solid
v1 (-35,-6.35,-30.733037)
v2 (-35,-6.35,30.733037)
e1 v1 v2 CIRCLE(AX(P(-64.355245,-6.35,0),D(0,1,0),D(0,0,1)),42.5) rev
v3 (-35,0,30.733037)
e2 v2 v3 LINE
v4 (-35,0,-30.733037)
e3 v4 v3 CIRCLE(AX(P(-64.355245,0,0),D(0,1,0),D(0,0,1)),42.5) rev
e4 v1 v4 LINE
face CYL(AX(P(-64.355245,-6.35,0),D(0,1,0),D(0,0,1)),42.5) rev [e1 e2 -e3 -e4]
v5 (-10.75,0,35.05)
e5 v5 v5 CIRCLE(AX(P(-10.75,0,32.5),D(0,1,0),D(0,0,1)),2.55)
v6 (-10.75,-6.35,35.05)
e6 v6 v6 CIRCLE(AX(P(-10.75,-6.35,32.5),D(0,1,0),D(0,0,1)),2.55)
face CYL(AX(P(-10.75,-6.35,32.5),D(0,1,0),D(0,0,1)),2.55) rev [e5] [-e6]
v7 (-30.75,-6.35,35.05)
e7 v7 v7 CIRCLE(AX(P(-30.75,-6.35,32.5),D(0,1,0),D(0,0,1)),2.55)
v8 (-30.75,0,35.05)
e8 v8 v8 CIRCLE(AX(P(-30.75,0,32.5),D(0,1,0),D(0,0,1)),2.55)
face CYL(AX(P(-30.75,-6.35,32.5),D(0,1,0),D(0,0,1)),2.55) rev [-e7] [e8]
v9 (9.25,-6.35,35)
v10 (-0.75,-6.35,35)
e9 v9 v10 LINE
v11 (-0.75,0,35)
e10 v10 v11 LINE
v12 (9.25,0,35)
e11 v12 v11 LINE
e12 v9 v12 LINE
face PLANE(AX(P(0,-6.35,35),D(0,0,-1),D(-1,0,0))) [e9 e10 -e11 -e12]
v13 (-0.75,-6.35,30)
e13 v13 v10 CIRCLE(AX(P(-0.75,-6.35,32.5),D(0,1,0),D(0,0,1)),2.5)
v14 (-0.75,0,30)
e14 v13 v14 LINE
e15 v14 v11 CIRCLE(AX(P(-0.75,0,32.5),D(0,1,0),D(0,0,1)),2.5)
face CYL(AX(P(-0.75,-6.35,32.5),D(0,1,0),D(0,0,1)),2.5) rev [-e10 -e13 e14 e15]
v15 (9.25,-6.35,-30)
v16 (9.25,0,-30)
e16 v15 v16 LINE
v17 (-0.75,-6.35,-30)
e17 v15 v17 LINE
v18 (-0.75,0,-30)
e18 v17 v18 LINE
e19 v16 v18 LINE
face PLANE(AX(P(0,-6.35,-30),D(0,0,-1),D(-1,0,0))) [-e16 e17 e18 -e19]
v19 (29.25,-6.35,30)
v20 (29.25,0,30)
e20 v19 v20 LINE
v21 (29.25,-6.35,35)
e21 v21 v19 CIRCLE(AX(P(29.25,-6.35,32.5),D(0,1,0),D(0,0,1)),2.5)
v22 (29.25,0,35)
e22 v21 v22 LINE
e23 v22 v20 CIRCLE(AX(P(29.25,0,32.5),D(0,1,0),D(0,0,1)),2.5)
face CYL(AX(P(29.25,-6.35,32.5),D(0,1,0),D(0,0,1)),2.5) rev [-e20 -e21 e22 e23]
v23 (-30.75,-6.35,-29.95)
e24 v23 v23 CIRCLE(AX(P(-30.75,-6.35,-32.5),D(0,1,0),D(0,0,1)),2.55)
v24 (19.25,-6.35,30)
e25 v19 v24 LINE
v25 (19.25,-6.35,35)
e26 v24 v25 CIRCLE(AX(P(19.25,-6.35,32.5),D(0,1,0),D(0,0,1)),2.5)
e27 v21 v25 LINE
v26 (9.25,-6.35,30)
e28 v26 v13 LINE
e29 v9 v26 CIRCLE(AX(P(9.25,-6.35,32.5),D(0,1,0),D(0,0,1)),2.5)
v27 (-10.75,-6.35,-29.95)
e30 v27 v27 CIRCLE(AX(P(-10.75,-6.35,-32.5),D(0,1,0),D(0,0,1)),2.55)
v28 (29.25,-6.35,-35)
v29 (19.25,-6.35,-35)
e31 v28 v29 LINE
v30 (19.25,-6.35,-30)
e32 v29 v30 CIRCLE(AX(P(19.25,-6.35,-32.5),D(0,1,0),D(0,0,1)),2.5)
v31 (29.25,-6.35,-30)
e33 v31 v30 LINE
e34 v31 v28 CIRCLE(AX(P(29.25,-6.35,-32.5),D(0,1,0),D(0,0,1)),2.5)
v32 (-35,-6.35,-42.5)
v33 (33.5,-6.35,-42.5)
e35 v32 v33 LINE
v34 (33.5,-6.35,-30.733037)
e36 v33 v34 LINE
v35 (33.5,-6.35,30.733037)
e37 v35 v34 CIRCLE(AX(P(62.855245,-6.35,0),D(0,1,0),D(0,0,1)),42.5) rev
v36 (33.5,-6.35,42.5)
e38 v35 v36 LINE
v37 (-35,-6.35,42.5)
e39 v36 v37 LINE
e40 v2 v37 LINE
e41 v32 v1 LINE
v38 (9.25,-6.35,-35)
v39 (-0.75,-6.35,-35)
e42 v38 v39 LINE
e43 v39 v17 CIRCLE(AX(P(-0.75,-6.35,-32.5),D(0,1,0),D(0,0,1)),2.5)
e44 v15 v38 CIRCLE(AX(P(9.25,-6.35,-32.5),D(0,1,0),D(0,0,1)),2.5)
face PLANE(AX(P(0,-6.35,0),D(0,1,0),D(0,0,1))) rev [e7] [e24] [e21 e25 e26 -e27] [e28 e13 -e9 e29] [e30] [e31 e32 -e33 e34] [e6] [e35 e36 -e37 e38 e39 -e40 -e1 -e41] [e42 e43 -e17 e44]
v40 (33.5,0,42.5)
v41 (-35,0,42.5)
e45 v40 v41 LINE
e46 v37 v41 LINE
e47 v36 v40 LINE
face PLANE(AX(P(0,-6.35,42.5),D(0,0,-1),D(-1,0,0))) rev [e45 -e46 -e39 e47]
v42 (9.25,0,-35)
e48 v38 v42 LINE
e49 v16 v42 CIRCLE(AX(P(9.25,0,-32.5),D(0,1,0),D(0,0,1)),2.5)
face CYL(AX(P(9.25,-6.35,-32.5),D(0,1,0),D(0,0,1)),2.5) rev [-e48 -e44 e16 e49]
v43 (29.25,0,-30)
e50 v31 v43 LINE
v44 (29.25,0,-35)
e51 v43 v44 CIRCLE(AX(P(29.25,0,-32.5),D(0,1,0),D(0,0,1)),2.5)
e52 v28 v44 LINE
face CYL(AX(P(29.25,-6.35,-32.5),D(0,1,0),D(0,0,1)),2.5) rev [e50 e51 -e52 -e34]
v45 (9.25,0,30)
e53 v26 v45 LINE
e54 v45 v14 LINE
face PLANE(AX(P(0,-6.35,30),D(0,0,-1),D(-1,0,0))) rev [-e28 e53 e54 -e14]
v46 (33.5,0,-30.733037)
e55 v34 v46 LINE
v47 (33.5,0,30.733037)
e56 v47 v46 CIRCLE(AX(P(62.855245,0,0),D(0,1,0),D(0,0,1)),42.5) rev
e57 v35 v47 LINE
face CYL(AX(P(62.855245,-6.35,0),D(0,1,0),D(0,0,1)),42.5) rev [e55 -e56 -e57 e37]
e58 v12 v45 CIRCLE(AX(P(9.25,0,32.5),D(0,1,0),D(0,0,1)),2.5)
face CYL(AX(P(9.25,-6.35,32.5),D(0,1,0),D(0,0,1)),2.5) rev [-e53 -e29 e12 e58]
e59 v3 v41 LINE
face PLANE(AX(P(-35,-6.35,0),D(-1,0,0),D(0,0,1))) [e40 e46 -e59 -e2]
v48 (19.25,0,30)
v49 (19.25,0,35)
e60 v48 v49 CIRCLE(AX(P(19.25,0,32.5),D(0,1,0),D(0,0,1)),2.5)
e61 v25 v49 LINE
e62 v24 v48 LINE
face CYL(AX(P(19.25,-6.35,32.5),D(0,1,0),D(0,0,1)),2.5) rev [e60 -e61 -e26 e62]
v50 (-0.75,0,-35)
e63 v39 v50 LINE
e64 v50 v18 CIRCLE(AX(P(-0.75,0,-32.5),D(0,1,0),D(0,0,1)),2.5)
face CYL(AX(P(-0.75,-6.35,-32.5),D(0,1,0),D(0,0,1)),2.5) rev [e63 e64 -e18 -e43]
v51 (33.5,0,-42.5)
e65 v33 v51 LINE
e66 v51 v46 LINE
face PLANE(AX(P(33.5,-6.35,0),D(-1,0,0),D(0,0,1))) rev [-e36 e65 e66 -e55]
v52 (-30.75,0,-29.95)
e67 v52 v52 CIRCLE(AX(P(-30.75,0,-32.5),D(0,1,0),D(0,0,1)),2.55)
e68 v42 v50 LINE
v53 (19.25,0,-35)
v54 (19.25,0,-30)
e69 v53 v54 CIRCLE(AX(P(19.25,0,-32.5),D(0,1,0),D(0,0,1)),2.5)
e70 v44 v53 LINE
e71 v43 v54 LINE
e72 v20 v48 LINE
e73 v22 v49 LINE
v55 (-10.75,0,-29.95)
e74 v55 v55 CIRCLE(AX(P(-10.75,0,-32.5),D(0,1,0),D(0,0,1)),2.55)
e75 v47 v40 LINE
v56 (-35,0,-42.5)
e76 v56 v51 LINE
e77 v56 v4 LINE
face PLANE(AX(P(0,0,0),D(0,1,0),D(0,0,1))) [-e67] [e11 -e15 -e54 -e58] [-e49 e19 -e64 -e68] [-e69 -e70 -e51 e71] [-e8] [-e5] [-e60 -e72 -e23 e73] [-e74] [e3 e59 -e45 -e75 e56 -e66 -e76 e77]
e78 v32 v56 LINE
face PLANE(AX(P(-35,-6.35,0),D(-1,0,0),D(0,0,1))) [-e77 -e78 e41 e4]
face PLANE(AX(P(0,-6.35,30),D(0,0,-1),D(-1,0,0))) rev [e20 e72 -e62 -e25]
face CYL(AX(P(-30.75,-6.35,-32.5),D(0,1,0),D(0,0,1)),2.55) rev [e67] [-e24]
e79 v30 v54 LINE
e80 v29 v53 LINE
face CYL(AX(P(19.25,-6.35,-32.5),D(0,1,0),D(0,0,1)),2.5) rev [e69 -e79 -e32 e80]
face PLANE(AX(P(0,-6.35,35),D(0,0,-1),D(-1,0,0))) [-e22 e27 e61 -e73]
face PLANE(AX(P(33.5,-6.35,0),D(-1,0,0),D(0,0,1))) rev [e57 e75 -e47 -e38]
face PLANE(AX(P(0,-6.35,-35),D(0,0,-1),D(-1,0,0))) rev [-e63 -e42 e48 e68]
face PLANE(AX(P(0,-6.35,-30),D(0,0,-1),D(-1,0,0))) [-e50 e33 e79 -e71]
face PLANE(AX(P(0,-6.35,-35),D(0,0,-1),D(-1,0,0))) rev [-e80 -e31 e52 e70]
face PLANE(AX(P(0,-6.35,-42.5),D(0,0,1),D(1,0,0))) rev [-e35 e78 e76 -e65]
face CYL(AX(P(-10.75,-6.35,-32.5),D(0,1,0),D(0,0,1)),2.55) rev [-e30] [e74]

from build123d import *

# Parameters (mm, degrees)
SKETCH1_R           = 2.55
BOSS_EXTRUDE1_DEPTH = 6.35


with BuildPart() as part:
    # Sketch1 → Boss-Extrude1 (new body)
    with BuildSketch(Plane(origin=(0, 0, 0), x_dir=(1, 0, 0), z_dir=(0, 1, 0))):
        with BuildLine():
            Line((0, -42.5), (-35, -42.5))
            Line((-35, -42.5), (-35, -30.733037331))
            ThreePointArc((-35, -30.733037331), (-21.855245126, 0), (-35, 30.733037331))
            Line((-35, 30.733037331), (-35, 42.5))
            Line((-35, 42.5), (0, 42.5))
            Line((0, 42.5), (33.5, 42.5))
            Line((33.5, 42.5), (33.5, 32.5))
            Line((33.5, 32.5), (33.5, 30.733037331))
            ThreePointArc((33.5, 30.733037331), (20.355245126, 0), (33.5, -30.733037331))
            Line((33.5, -30.733037331), (33.5, -32.5))
            Line((33.5, -32.5), (33.5, -42.5))
            Line((33.5, -42.5), (0, -42.5))
        make_face()
        with Locations(Location((-30.75, -32.5, 0), (0, 0, 270))):
            Circle(SKETCH1_R, mode=Mode.SUBTRACT)
        with Locations(Location((-30.75, 32.5, 0), (0, 0, 270))):
            Circle(SKETCH1_R, mode=Mode.SUBTRACT)
        with Locations(Location((-10.75, 32.5, 0), (0, 0, 270))):
            Circle(SKETCH1_R, mode=Mode.SUBTRACT)
        with Locations(Location((-10.75, -32.5, 0), (0, 0, 270))):
            Circle(SKETCH1_R, mode=Mode.SUBTRACT)
        with BuildLine():
            Line((29.25, -35), (19.25, -35))
            ThreePointArc((19.25, -35), (16.75, -32.5), (19.25, -30))
            Line((19.25, -30), (29.25, -30))
            ThreePointArc((29.25, -30), (31.75, -32.5), (29.25, -35))
        make_face(mode=Mode.SUBTRACT)
        with BuildLine():
            Line((9.25, -35), (-0.75, -35))
            ThreePointArc((-0.75, -35), (-3.25, -32.5), (-0.75, -30))
            Line((-0.75, -30), (9.25, -30))
            ThreePointArc((9.25, -30), (11.75, -32.5), (9.25, -35))
        make_face(mode=Mode.SUBTRACT)
        with BuildLine():
            Line((29.25, 30), (19.25, 30))
            ThreePointArc((19.25, 30), (16.75, 32.5), (19.25, 35))
            Line((19.25, 35), (29.25, 35))
            ThreePointArc((29.25, 35), (31.75, 32.5), (29.25, 30))
        make_face(mode=Mode.SUBTRACT)
        with BuildLine():
            Line((9.25, 30), (-0.75, 30))
            ThreePointArc((-0.75, 30), (-3.25, 32.5), (-0.75, 35))
            Line((-0.75, 35), (9.25, 35))
            ThreePointArc((9.25, 35), (11.75, 32.5), (9.25, 30))
        make_face(mode=Mode.SUBTRACT)
    extrude(amount=-BOSS_EXTRUDE1_DEPTH)


solid = part.part
